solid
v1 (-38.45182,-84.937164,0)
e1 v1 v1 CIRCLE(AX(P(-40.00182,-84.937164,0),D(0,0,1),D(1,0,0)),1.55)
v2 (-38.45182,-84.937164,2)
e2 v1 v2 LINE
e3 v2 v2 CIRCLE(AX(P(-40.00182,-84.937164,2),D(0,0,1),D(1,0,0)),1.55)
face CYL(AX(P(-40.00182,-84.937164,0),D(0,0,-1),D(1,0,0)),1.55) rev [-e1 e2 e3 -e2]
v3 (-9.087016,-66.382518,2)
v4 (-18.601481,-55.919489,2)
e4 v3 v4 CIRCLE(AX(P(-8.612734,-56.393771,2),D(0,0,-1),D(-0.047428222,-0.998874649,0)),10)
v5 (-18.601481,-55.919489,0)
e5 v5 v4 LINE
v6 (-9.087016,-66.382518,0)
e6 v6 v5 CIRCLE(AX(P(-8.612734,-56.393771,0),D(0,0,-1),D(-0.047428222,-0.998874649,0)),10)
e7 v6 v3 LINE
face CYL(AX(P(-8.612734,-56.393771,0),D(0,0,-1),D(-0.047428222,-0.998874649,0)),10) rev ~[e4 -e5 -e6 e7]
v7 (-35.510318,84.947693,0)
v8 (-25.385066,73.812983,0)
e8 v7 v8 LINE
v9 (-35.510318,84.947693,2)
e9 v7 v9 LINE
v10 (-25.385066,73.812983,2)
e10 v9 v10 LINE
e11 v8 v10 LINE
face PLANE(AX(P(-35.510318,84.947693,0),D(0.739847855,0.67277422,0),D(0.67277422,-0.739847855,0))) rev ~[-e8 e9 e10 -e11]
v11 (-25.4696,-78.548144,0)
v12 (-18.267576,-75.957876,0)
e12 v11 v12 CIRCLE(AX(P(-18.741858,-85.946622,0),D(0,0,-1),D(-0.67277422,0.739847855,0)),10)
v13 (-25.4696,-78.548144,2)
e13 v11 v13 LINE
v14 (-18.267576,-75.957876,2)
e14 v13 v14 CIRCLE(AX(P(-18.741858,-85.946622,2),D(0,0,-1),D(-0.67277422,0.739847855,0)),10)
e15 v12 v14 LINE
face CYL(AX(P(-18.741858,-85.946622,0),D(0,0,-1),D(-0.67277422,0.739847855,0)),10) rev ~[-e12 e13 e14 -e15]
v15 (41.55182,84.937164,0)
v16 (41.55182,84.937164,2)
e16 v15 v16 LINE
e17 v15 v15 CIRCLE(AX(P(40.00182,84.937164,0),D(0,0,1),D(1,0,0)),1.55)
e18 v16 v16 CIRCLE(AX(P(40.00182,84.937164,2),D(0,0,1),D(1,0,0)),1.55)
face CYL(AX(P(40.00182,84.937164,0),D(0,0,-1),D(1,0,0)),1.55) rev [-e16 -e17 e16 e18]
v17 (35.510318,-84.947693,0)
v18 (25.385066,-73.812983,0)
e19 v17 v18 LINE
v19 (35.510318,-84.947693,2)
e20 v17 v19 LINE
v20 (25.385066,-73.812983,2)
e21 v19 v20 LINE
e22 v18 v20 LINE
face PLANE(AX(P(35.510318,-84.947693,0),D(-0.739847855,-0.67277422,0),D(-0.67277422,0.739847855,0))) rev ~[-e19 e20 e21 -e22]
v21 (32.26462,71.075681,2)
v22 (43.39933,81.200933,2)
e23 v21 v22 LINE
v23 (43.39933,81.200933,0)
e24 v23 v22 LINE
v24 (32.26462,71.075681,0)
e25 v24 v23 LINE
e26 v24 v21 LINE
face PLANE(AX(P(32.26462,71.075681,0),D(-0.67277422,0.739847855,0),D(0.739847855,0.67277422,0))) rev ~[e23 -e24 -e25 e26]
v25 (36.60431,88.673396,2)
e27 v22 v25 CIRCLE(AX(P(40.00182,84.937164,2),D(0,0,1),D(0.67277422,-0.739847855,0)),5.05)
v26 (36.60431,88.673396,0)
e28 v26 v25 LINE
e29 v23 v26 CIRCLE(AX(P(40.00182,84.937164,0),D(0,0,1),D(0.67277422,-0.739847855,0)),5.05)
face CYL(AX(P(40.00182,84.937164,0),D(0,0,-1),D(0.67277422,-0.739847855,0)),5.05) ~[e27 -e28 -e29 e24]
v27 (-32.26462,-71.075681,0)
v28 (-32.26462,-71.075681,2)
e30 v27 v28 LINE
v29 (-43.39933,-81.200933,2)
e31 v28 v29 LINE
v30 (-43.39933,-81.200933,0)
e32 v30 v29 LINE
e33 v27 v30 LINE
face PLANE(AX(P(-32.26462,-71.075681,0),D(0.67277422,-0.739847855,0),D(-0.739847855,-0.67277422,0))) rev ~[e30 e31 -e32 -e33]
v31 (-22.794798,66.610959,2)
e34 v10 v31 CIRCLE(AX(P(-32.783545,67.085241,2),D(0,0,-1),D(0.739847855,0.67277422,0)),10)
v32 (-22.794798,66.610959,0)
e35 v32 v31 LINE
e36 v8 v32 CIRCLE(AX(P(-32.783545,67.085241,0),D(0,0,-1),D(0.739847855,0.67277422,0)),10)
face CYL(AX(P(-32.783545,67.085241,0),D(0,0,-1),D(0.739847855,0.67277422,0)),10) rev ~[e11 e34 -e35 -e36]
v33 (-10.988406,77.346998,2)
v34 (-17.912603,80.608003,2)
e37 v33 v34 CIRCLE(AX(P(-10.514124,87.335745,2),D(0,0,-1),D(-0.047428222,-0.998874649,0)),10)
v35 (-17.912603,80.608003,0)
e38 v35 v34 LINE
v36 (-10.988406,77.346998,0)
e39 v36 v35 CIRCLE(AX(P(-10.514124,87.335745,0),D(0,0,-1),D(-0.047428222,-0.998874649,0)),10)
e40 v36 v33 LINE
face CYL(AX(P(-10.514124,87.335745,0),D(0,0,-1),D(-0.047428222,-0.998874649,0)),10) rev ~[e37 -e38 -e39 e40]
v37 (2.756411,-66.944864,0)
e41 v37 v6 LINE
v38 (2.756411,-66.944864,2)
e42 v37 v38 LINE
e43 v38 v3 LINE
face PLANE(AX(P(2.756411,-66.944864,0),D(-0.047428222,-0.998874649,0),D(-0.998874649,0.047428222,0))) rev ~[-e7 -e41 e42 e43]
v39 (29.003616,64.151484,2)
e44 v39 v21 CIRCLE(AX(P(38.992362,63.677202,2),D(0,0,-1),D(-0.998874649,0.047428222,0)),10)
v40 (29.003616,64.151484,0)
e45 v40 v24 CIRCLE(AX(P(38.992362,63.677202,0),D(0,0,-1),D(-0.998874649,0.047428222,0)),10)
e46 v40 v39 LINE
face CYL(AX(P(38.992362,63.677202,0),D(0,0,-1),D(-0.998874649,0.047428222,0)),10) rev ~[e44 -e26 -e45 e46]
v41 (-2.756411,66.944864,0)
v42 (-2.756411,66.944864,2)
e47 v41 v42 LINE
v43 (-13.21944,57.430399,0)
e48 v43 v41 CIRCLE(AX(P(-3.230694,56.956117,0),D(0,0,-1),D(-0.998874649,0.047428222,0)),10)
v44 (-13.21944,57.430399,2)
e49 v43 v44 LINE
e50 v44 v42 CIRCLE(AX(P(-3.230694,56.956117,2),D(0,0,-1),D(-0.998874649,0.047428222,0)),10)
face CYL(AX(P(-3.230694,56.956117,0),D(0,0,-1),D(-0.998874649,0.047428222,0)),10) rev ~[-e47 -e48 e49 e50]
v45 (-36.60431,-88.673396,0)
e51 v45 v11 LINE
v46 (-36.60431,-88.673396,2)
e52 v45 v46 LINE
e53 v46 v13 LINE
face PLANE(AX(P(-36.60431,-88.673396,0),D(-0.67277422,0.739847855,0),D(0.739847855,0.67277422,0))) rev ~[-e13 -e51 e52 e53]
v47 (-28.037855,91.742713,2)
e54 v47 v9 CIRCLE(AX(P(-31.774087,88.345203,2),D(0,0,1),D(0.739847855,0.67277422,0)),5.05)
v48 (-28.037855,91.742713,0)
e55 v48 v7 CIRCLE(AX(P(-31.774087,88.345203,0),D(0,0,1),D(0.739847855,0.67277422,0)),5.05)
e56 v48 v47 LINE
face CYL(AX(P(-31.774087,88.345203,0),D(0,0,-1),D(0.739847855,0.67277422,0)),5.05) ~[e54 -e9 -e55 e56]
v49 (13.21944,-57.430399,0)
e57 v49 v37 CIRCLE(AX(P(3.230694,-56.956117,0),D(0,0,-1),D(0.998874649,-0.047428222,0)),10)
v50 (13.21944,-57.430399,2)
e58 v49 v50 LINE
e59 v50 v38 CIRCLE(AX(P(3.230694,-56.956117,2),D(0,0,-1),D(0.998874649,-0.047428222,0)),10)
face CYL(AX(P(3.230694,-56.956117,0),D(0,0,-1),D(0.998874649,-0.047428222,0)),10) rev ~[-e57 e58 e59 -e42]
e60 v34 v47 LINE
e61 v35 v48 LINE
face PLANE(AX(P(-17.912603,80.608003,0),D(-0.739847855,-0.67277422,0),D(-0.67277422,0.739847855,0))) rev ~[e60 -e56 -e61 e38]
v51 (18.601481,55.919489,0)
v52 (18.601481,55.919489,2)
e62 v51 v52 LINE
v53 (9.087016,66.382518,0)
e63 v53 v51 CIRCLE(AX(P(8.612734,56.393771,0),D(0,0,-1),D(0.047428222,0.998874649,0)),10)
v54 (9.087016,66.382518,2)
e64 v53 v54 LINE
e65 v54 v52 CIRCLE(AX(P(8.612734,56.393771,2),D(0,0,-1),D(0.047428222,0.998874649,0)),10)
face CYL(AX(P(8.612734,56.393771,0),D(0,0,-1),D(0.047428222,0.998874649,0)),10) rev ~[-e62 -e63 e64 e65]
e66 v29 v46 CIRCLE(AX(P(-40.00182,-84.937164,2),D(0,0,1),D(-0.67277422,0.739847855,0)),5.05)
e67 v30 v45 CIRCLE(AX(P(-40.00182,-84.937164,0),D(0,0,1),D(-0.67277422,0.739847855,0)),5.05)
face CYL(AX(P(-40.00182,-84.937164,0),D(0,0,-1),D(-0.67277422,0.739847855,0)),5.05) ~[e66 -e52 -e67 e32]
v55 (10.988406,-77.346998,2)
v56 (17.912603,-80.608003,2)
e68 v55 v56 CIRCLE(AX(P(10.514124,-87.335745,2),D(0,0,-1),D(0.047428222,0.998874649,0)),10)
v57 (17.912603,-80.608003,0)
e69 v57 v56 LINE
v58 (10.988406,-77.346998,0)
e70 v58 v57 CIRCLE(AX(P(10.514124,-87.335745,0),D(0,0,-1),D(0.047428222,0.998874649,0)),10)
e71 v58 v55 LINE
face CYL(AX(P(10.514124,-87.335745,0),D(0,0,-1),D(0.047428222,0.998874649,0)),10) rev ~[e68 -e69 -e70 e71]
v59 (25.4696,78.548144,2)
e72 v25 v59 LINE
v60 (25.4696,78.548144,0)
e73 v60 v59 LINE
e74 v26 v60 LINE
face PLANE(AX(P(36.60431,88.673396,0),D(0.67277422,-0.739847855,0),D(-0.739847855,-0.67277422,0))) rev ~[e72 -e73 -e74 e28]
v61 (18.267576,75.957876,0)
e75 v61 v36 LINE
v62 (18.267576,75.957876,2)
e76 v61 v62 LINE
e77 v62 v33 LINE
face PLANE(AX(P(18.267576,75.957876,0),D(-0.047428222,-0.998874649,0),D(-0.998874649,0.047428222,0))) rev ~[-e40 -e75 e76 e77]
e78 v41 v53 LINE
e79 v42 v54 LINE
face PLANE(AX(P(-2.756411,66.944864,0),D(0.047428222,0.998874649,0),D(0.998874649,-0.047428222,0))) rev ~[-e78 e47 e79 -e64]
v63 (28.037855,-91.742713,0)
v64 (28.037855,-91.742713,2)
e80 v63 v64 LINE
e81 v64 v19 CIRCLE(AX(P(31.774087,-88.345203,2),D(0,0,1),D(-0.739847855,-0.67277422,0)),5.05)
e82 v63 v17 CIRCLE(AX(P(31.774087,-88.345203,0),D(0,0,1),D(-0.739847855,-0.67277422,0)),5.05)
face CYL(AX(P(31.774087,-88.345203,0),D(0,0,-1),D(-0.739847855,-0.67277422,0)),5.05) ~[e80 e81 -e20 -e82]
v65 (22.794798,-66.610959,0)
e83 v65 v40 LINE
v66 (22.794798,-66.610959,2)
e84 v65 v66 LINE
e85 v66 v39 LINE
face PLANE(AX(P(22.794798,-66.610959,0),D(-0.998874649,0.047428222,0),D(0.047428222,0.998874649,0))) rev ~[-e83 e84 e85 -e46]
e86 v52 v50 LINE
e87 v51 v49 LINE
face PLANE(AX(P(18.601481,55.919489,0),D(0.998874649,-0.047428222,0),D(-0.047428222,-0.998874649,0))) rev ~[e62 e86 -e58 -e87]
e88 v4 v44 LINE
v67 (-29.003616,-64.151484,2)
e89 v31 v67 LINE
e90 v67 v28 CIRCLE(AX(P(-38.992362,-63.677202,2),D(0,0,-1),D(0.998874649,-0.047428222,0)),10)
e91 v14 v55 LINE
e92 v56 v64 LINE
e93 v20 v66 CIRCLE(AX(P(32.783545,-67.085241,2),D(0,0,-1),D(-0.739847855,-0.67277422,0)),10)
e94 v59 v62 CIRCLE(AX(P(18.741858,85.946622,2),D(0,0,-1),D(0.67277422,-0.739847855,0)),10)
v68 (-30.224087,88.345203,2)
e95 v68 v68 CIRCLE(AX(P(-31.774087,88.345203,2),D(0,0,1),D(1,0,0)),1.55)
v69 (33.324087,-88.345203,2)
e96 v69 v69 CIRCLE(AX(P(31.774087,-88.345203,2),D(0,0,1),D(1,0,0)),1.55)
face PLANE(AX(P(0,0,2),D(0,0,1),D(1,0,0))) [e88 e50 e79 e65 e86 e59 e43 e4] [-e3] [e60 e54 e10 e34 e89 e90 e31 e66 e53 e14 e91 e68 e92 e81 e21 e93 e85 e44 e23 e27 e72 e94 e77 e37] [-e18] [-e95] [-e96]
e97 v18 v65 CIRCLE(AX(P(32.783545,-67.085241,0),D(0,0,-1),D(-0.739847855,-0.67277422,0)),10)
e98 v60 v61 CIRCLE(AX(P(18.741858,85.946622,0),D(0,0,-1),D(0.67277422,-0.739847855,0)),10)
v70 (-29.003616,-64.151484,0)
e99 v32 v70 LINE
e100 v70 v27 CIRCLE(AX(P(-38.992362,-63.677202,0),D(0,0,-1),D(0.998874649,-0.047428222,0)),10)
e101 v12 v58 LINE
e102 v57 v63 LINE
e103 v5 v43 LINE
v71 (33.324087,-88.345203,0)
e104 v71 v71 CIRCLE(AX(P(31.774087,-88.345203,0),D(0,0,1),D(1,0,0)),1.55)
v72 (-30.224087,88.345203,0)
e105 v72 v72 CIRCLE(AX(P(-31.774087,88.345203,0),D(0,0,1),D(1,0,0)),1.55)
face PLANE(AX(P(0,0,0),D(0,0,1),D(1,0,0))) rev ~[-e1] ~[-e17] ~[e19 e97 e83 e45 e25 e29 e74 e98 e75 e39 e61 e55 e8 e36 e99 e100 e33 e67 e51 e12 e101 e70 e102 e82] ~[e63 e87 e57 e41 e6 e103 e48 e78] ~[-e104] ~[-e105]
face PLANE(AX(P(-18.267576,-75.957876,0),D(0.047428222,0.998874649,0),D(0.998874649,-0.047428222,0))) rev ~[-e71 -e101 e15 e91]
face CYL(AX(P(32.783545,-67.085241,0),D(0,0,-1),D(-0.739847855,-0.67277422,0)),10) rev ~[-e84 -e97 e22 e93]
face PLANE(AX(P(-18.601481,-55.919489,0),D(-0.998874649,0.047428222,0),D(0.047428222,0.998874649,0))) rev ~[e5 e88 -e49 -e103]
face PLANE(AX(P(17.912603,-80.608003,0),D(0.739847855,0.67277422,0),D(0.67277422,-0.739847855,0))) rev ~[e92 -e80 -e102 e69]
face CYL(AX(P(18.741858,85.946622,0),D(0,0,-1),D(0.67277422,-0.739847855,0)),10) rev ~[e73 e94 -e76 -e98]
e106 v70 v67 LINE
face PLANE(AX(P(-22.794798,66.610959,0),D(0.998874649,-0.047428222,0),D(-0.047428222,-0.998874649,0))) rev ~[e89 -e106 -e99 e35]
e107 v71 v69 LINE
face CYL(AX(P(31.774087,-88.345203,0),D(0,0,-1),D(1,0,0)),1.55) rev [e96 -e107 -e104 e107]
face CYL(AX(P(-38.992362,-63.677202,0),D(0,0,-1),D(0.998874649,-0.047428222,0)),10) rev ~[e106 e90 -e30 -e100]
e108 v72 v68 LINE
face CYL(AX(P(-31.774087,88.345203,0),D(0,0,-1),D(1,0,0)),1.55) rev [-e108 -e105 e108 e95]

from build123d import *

# Parameters (mm, degrees)
SKETCH1_R           = 1.55
BOSS_EXTRUDE1_DEPTH = 2


with BuildPart() as part:
    # Sketch1 → Boss-Extrude1 (new body)
    with BuildSketch(Plane.XY):
        with BuildLine():
            ThreePointArc((25.385066163, -73.812983116), (23.373646331, -70.469589068), (22.794798226, -66.610958693))
            Line((22.794798226, -66.610958693), (29.003615503, 64.151484254))
            ThreePointArc((29.003615503, 64.151484254), (29.945463503, 67.93790946), (32.264619787, 71.075680584))
            Line((32.264619787, 71.075680584), (43.399330006, 81.200932599))
            ThreePointArc((43.399330006, 81.200932599), (43.738051861, 88.334674079), (36.604310381, 88.673395935))
            Line((36.604310381, 88.673395935), (25.469600163, 78.54814392))
            ThreePointArc((25.469600163, 78.54814392), (22.126206115, 76.536724088), (18.267575741, 75.957875984))
            Line((18.267575741, 75.957875984), (-10.988406497, 77.346998456))
            ThreePointArc((-10.988406497, 77.346998456), (-14.774831703, 78.288846456), (-17.912602827, 80.60800274))
            Line((-17.912602827, 80.60800274), (-28.037854841, 91.742712958))
            ThreePointArc((-28.037854841, 91.742712958), (-35.171596321, 92.081434814), (-35.510318177, 84.947693334))
            Line((-35.510318177, 84.947693334), (-25.385066163, 73.812983116))
            ThreePointArc((-25.385066163, 73.812983116), (-23.373646331, 70.469589068), (-22.794798226, 66.610958693))
            Line((-22.794798226, 66.610958693), (-29.003615503, -64.151484254))
            ThreePointArc((-29.003615503, -64.151484254), (-29.945463503, -67.93790946), (-32.264619787, -71.075680584))
            Line((-32.264619787, -71.075680584), (-43.399330005, -81.200932599))
            ThreePointArc((-43.399330005, -81.200932599), (-43.738051861, -88.334674079), (-36.604310381, -88.673395935))
            Line((-36.604310381, -88.673395935), (-25.469600163, -78.54814392))
            ThreePointArc((-25.469600163, -78.54814392), (-22.126206115, -76.536724088), (-18.26757574, -75.957875984))
            Line((-18.26757574, -75.957875984), (10.988406497, -77.346998456))
            ThreePointArc((10.988406497, -77.346998456), (14.774831703, -78.288846456), (17.912602827, -80.60800274))
            Line((17.912602827, -80.60800274), (28.037854841, -91.742712958))
            ThreePointArc((28.037854841, -91.742712958), (35.171596321, -92.081434814), (35.510318177, -84.947693334))
            Line((35.510318177, -84.947693334), (25.385066163, -73.812983116))
        make_face()
        with BuildLine():
            ThreePointArc((-9.087016293, -66.382517954), (-16.011212623, -63.121513669), (-18.601480559, -55.919489247))
            Line((-18.601480559, -55.919489247), (-13.219440196, 57.430399246))
            ThreePointArc((-13.219440196, 57.430399246), (-9.958435912, 64.354595576), (-2.756411489, 66.944863512))
            Line((-2.756411489, 66.944863512), (9.087016293, 66.382517954))
            ThreePointArc((9.087016293, 66.382517954), (16.011212623, 63.121513669), (18.601480559, 55.919489247))
            Line((18.601480559, 55.919489247), (13.219440196, -57.430399246))
            ThreePointArc((13.219440196, -57.430399246), (9.958435912, -64.354595576), (2.756411489, -66.944863512))
            Line((2.756411489, -66.944863512), (-9.087016293, -66.382517954))
        make_face(mode=Mode.SUBTRACT)
        with Locations((31.774086509, -88.345203146)):
            Circle(SKETCH1_R, mode=Mode.SUBTRACT)
        with Locations((-40.001820193, -84.937164267)):
            Circle(SKETCH1_R, mode=Mode.SUBTRACT)
        with Locations((40.001820193, 84.937164267)):
            Circle(SKETCH1_R, mode=Mode.SUBTRACT)
        with Locations((-31.774086509, 88.345203146)):
            Circle(SKETCH1_R, mode=Mode.SUBTRACT)
    extrude(amount=BOSS_EXTRUDE1_DEPTH)


solid = part.part
